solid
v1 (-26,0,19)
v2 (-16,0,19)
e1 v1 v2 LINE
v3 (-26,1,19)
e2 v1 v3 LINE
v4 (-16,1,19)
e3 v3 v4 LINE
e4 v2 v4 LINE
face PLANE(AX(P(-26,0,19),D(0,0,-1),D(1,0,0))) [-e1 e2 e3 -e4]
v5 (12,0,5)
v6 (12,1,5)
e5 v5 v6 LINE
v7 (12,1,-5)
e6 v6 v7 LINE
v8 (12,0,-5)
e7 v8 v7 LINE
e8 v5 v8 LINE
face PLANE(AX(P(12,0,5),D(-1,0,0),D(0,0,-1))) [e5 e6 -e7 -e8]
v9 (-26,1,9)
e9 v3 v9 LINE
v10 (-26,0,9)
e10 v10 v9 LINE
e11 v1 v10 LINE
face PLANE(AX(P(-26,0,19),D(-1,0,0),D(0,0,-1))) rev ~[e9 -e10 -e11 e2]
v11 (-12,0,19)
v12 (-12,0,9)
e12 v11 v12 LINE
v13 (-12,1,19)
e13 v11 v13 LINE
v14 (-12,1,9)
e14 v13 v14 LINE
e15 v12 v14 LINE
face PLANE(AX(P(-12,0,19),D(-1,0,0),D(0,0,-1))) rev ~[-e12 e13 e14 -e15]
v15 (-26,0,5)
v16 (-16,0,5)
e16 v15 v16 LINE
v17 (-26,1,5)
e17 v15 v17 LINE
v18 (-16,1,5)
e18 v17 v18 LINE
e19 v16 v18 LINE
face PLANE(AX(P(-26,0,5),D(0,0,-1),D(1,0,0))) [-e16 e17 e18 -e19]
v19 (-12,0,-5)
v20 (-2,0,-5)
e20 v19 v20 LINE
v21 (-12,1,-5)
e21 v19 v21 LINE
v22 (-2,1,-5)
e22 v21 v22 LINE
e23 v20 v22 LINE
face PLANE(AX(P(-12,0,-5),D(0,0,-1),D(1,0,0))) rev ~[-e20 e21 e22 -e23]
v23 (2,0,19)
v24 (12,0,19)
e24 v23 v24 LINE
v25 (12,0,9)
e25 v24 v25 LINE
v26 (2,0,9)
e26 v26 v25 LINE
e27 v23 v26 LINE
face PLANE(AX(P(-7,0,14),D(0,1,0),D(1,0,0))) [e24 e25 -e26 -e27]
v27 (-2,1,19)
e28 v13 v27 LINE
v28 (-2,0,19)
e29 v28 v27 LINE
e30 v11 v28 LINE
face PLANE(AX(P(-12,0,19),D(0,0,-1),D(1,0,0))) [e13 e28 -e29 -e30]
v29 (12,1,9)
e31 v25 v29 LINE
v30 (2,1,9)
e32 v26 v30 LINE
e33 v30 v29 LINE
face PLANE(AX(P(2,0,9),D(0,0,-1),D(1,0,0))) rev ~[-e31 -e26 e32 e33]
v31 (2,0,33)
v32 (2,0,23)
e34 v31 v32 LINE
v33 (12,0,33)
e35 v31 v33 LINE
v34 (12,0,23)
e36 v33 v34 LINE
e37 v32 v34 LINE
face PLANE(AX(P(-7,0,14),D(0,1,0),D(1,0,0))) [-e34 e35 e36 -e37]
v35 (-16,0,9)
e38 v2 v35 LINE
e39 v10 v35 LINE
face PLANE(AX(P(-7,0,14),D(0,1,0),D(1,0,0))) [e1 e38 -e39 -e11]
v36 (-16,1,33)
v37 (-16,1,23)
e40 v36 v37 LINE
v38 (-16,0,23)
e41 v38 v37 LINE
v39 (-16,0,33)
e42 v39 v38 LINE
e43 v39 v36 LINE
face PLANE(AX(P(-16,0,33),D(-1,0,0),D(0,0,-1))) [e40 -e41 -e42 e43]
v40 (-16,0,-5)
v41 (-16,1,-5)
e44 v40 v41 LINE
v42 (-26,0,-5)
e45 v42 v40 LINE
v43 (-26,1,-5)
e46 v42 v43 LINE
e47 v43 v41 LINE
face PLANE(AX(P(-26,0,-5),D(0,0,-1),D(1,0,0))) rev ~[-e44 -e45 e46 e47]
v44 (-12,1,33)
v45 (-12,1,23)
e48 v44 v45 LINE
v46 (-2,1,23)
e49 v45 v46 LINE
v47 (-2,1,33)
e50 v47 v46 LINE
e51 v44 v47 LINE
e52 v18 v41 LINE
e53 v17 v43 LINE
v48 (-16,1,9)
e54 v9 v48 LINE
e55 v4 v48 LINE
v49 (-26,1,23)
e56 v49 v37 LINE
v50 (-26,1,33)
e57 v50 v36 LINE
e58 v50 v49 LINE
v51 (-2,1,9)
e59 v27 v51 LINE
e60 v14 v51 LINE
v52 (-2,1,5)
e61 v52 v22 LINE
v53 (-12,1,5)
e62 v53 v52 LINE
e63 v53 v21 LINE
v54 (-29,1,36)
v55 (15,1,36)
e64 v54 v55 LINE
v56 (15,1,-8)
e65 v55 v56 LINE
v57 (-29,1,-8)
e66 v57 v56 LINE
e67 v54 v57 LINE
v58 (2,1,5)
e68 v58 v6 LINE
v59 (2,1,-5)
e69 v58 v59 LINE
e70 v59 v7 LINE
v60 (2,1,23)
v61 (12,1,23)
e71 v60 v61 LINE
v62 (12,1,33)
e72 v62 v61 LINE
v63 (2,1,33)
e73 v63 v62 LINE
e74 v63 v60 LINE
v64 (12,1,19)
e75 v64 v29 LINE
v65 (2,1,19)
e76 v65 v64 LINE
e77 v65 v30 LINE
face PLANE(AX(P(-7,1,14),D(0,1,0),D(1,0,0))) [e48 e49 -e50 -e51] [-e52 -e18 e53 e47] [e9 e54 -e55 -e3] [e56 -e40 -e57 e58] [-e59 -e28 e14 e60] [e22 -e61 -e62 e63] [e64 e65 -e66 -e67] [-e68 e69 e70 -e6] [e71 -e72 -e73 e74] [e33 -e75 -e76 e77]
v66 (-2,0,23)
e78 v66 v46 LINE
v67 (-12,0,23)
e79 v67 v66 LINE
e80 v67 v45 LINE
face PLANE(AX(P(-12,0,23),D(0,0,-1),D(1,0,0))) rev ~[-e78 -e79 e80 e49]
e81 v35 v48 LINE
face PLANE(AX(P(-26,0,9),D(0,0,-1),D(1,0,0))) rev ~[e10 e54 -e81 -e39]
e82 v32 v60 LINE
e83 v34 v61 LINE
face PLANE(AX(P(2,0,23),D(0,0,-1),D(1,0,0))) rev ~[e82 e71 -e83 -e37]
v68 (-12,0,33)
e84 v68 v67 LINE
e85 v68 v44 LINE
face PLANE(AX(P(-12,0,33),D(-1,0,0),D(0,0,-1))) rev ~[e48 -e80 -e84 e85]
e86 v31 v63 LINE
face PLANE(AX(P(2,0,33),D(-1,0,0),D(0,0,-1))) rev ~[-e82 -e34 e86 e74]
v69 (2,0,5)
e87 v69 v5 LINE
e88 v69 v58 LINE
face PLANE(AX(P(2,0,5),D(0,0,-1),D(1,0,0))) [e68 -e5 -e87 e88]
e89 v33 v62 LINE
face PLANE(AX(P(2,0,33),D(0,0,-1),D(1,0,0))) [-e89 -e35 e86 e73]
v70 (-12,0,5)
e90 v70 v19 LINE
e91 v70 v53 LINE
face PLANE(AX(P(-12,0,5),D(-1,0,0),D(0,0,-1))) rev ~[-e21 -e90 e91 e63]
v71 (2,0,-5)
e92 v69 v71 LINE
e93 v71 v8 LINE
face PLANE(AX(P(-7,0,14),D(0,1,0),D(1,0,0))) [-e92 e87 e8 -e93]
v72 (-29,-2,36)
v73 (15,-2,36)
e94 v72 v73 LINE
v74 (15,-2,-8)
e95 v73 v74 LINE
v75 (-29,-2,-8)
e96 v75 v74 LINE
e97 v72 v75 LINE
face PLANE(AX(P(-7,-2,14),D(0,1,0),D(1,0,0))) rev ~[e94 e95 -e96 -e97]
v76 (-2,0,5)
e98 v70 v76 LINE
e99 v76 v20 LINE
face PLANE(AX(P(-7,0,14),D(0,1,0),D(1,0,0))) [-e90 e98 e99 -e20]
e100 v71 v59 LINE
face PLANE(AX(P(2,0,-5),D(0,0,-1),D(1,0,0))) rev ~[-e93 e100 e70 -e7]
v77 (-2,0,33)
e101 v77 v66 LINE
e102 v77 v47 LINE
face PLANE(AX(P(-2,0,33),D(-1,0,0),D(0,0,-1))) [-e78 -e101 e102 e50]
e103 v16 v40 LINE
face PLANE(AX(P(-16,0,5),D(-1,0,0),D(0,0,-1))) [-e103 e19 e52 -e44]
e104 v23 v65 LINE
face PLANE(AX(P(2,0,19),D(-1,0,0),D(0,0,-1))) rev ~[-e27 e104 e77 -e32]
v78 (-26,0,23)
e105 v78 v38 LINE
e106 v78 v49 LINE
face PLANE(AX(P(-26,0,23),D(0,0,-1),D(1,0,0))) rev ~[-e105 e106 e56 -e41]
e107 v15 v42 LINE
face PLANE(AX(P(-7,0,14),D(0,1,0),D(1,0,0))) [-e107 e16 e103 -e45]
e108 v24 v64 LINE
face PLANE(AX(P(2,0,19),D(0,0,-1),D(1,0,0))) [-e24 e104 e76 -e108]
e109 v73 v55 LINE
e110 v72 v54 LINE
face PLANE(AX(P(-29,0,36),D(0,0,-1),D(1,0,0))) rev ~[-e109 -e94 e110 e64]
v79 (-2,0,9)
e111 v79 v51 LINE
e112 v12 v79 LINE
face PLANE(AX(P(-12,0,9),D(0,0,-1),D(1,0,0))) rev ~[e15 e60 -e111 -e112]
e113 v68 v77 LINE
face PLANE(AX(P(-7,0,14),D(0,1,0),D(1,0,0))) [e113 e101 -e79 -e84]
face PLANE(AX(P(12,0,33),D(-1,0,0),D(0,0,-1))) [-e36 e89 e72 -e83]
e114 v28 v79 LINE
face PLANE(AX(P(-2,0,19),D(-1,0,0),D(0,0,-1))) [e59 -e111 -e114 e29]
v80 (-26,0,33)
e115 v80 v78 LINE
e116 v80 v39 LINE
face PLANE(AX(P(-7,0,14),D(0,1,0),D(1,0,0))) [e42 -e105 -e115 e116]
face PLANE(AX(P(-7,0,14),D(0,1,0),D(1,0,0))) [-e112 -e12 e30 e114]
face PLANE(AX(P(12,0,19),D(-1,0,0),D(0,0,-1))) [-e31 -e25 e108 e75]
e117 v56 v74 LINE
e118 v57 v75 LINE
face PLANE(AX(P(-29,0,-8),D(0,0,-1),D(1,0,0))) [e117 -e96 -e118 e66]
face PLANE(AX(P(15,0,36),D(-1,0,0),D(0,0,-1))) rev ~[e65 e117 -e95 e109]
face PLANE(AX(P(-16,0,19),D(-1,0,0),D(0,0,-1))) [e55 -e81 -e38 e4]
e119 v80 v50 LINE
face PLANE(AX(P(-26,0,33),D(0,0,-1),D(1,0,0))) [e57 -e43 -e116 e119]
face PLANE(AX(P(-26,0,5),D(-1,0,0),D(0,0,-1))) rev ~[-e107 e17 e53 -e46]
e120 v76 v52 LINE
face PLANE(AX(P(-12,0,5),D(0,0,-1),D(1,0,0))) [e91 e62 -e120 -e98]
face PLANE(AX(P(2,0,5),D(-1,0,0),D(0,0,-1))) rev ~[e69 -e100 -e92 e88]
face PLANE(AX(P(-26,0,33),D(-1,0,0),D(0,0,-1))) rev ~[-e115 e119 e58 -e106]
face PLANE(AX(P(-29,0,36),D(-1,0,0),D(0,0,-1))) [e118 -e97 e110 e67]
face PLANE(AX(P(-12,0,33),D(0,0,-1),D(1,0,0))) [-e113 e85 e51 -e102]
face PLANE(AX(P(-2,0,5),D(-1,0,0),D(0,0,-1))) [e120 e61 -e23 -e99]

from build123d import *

# Parameters (mm, degrees)
SKETCH1_W           = 44
SKETCH1_H           = 44
BOSS_EXTRUDE2_DEPTH = 2
SKETCH1_5_W         = 44
SKETCH1_5_H         = 44
SKETCH1_5_W_2       = 10
SKETCH1_5_H_2       = 10
BOSS_EXTRUDE3_DEPTH = 1


with BuildPart() as part:
    # Sketch1 → Boss-Extrude2 (new body)
    with BuildSketch(Plane(origin=(0, 0, 0), x_dir=(1, 0, 0), z_dir=(0, 1, 0))):
        with Locations((-7, -14)):
            Rectangle(SKETCH1_W, SKETCH1_H)
    extrude(amount=-BOSS_EXTRUDE2_DEPTH)

    # Sketch1_5 → Boss-Extrude3 (add)
    with BuildSketch(Plane(origin=(0, 0, 0), x_dir=(1, 0, 0), z_dir=(0, 1, 0))):
        with Locations((-7, -14)):
            Rectangle(SKETCH1_5_W, SKETCH1_5_H)
        with Locations((7, -28)):
            Rectangle(SKETCH1_5_W_2, SKETCH1_5_H_2, mode=Mode.SUBTRACT)
        with Locations((-21, -28)):
            Rectangle(SKETCH1_5_W_2, SKETCH1_5_H_2, mode=Mode.SUBTRACT)
        with Locations((-21, -14)):
            Rectangle(SKETCH1_5_W_2, SKETCH1_5_H_2, mode=Mode.SUBTRACT)
        with Locations((-7, -14)):
            Rectangle(SKETCH1_5_W_2, SKETCH1_5_H_2, mode=Mode.SUBTRACT)
        with Locations((-21, 0)):
            Rectangle(SKETCH1_5_W_2, SKETCH1_5_H_2, mode=Mode.SUBTRACT)
        with Locations((7, 0)):
            Rectangle(SKETCH1_5_W_2, SKETCH1_5_H_2, mode=Mode.SUBTRACT)
        with Locations((-7, 0)):
            Rectangle(SKETCH1_5_W_2, SKETCH1_5_H_2, mode=Mode.SUBTRACT)
        with Locations((-7, -28)):
            Rectangle(SKETCH1_5_W_2, SKETCH1_5_H_2, mode=Mode.SUBTRACT)
        with Locations((7, -14)):
            Rectangle(SKETCH1_5_W_2, SKETCH1_5_H_2, mode=Mode.SUBTRACT)
    extrude(amount=BOSS_EXTRUDE3_DEPTH)


solid = part.part
